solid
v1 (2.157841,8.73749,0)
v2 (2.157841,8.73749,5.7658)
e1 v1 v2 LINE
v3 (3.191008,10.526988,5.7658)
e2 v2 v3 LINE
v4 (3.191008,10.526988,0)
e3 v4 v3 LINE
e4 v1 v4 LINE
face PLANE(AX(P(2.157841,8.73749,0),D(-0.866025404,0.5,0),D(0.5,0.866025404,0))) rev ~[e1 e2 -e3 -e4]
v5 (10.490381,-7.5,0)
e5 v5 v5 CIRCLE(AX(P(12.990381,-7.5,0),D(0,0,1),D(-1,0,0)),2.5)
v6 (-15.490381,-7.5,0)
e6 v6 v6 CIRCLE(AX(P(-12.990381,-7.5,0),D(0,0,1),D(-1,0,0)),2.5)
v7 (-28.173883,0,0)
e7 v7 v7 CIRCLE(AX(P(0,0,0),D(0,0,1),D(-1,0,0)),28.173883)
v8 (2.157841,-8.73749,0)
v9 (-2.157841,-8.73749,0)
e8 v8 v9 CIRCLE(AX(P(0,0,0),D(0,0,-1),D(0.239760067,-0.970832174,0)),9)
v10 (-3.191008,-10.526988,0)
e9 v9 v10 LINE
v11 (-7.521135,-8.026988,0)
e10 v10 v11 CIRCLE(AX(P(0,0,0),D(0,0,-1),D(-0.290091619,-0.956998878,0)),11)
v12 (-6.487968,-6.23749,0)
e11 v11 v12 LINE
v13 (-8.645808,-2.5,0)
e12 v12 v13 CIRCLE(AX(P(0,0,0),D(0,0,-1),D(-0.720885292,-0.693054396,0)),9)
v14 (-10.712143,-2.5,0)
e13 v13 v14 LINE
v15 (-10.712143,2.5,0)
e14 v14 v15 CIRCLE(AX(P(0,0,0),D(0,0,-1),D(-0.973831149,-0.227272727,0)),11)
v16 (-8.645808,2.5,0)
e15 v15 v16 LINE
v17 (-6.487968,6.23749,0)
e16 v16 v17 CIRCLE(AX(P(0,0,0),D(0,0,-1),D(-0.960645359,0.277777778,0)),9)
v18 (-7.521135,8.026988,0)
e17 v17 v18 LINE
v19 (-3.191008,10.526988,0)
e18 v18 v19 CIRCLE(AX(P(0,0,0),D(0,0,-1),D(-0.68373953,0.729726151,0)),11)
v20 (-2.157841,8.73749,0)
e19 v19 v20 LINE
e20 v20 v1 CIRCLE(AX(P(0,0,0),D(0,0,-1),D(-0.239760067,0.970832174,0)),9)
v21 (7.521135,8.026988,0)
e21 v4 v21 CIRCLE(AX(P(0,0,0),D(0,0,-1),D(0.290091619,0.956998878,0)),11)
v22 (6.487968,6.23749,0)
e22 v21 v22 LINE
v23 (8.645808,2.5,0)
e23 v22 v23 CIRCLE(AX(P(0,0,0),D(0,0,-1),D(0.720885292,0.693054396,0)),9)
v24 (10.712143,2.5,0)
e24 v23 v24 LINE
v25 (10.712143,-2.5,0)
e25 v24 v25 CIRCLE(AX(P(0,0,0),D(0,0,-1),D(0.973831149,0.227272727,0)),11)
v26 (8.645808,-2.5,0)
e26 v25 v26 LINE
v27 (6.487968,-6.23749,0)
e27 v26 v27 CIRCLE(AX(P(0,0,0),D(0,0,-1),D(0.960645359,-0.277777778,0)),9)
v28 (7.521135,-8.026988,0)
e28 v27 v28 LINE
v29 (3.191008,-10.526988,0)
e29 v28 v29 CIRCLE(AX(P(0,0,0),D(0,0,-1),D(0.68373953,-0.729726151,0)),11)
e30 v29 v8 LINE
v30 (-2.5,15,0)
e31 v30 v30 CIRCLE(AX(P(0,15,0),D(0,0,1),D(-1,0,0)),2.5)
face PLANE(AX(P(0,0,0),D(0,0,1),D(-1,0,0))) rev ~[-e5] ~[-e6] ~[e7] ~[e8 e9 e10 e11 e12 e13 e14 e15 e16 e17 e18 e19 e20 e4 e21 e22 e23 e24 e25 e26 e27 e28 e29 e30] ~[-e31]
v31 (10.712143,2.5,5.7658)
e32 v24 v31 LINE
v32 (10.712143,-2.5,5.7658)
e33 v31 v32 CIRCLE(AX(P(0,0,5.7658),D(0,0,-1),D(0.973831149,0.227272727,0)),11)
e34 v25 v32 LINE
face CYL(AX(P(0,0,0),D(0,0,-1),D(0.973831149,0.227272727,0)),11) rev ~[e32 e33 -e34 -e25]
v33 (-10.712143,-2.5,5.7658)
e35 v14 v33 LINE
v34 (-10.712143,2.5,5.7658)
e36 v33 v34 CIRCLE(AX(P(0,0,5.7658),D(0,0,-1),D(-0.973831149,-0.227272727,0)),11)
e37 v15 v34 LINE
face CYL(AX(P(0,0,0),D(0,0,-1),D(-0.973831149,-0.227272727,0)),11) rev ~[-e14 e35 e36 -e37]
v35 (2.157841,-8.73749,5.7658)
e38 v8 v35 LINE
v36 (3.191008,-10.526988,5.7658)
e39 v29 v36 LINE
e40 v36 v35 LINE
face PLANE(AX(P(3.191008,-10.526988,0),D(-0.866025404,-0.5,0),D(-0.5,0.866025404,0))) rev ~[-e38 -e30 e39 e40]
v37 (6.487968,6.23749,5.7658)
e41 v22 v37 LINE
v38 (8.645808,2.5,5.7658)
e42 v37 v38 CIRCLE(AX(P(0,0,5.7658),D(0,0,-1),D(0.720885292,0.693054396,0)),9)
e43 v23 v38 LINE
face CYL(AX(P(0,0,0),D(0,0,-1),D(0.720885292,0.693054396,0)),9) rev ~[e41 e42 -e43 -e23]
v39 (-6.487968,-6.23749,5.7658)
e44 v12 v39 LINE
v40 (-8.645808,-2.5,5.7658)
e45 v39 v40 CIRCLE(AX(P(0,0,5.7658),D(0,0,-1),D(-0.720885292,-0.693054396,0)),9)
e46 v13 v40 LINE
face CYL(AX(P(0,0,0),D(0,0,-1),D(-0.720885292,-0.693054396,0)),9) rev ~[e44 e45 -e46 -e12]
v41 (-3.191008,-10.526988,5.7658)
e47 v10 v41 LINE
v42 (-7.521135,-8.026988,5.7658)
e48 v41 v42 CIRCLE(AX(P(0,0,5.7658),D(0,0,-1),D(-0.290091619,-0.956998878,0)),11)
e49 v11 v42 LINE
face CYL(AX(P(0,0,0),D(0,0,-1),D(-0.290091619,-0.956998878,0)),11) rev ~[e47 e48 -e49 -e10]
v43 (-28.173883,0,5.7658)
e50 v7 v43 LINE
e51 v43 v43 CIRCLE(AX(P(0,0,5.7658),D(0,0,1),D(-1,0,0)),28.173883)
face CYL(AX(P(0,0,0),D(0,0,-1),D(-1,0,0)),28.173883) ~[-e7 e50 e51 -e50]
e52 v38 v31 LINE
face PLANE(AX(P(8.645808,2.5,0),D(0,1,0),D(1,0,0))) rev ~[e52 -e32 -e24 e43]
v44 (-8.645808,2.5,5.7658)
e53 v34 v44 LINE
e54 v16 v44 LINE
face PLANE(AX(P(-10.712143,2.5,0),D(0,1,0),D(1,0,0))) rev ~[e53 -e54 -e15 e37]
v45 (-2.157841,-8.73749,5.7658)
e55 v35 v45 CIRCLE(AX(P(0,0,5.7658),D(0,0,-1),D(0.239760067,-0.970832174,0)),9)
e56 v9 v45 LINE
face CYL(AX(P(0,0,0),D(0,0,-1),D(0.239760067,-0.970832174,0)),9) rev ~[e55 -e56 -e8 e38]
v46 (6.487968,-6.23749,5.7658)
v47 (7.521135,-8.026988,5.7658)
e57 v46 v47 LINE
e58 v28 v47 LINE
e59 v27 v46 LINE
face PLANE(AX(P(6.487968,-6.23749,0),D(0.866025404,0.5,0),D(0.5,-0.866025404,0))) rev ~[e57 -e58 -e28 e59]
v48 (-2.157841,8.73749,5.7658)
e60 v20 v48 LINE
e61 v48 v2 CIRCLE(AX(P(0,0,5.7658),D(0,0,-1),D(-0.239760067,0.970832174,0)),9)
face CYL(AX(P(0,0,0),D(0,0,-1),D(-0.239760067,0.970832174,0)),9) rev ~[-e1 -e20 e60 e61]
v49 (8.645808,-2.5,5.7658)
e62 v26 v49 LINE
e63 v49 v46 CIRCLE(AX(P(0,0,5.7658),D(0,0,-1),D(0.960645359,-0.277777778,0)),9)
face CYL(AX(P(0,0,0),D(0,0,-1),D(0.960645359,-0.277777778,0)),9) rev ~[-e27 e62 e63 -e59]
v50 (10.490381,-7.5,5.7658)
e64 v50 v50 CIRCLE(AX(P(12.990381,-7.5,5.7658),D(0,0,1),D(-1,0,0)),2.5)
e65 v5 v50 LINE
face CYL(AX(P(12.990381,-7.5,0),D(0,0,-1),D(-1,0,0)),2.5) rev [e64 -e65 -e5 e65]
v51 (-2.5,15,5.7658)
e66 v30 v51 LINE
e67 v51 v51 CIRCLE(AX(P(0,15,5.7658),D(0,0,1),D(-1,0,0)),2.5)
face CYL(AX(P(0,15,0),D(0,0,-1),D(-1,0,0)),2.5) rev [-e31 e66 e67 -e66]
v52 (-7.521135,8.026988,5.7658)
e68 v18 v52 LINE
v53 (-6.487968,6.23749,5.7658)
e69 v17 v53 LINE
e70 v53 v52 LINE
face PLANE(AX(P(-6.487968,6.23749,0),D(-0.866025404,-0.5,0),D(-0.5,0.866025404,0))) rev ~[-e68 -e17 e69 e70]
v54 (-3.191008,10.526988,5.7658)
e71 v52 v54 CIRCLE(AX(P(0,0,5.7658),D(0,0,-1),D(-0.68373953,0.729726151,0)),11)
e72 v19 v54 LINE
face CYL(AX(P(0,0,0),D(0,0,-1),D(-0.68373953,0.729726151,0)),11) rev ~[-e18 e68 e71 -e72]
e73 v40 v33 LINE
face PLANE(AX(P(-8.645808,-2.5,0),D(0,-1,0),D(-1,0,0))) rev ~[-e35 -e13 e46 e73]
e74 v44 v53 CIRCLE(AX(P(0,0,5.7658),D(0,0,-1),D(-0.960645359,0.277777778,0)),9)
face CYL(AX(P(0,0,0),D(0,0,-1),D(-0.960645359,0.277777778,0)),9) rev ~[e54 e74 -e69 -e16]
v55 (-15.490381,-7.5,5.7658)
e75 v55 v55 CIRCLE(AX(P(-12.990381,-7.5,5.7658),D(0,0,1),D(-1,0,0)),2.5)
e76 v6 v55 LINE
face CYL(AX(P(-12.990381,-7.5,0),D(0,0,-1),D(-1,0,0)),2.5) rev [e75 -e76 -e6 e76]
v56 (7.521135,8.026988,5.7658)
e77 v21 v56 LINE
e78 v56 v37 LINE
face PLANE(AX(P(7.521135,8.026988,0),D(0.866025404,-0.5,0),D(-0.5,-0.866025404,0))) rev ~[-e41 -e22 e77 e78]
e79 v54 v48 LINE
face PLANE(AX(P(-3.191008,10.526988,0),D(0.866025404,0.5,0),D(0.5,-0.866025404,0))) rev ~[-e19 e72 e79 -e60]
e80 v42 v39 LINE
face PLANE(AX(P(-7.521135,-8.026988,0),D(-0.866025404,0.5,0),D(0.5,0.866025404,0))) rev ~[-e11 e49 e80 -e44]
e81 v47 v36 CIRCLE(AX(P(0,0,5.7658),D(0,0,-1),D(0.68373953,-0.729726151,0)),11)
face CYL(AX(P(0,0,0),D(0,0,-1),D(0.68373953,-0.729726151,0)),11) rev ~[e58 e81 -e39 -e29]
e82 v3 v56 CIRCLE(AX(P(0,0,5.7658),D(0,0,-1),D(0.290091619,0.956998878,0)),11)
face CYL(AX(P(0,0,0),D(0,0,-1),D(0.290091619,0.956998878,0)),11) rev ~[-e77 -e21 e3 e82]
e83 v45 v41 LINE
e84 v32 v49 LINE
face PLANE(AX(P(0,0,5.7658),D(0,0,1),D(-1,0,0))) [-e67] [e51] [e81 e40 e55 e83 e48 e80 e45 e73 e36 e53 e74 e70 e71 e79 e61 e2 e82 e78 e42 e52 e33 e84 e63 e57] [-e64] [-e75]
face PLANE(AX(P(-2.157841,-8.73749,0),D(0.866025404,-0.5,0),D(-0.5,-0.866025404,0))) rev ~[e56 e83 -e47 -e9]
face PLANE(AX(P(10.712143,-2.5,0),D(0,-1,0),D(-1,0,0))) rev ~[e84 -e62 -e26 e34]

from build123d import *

# Parameters (mm, degrees)
SKETCH1_R           = 28.173882667
SKETCH1_R_2         = 2.5
BOSS_EXTRUDE1_DEPTH = 5.7658


with BuildPart() as part:
    # Sketch1 → Boss-Extrude1 (new body)
    with BuildSketch(Plane.XY):
        with Locations(Location((0, 0, 0), (0, 0, 180))):
            Circle(SKETCH1_R)
        with Locations(Location((0, 15, 0), (0, 0, 180))):
            Circle(SKETCH1_R_2, mode=Mode.SUBTRACT)
        with Locations(Location((12.990381057, -7.5, 0), (0, 0, 180))):
            Circle(SKETCH1_R_2, mode=Mode.SUBTRACT)
        with Locations(Location((-12.990381057, -7.5, 0), (0, 0, 180))):
            Circle(SKETCH1_R_2, mode=Mode.SUBTRACT)
        with BuildLine():
            Line((-10.712142643, 2.5), (-8.645808233, 2.5))
            ThreePointArc((-8.645808233, 2.5), (-7.794228634, 4.5), (-6.487967626, 6.237489566))
            Line((-6.487967626, 6.237489566), (-7.521134831, 8.026987658))
            ThreePointArc((-7.521134831, 8.026987658), (-5.5, 9.526279442), (-3.191007812, 10.526987658))
            Line((-3.191007812, 10.526987658), (-2.157840607, 8.737489566))
            ThreePointArc((-2.157840607, 8.737489566), (0, 9), (2.157840607, 8.737489566))
            Line((2.157840607, 8.737489566), (3.191007812, 10.526987658))
            ThreePointArc((3.191007812, 10.526987658), (5.5, 9.526279442), (7.521134831, 8.026987658))
            Line((7.521134831, 8.026987658), (6.487967626, 6.237489566))
            ThreePointArc((6.487967626, 6.237489566), (7.794228634, 4.5), (8.645808233, 2.5))
            Line((8.645808233, 2.5), (10.712142643, 2.5))
            ThreePointArc((10.712142643, 2.5), (11, 0), (10.712142643, -2.5))
            Line((10.712142643, -2.5), (8.645808233, -2.5))
            ThreePointArc((8.645808233, -2.5), (7.794228634, -4.5), (6.487967626, -6.237489566))
            Line((6.487967626, -6.237489566), (7.521134831, -8.026987658))
            ThreePointArc((7.521134831, -8.026987658), (5.5, -9.526279442), (3.191007812, -10.526987658))
            Line((3.191007812, -10.526987658), (2.157840607, -8.737489566))
            ThreePointArc((2.157840607, -8.737489566), (0, -9), (-2.157840607, -8.737489566))
            Line((-2.157840607, -8.737489566), (-3.191007812, -10.526987658))
            ThreePointArc((-3.191007812, -10.526987658), (-5.5, -9.526279442), (-7.521134831, -8.026987658))
            Line((-7.521134831, -8.026987658), (-6.487967626, -6.237489566))
            ThreePointArc((-6.487967626, -6.237489566), (-7.794228634, -4.5), (-8.645808233, -2.5))
            Line((-8.645808233, -2.5), (-10.712142643, -2.5))
            ThreePointArc((-10.712142643, -2.5), (-11, 0), (-10.712142643, 2.5))
        make_face(mode=Mode.SUBTRACT)
    extrude(amount=BOSS_EXTRUDE1_DEPTH)


solid = part.part
